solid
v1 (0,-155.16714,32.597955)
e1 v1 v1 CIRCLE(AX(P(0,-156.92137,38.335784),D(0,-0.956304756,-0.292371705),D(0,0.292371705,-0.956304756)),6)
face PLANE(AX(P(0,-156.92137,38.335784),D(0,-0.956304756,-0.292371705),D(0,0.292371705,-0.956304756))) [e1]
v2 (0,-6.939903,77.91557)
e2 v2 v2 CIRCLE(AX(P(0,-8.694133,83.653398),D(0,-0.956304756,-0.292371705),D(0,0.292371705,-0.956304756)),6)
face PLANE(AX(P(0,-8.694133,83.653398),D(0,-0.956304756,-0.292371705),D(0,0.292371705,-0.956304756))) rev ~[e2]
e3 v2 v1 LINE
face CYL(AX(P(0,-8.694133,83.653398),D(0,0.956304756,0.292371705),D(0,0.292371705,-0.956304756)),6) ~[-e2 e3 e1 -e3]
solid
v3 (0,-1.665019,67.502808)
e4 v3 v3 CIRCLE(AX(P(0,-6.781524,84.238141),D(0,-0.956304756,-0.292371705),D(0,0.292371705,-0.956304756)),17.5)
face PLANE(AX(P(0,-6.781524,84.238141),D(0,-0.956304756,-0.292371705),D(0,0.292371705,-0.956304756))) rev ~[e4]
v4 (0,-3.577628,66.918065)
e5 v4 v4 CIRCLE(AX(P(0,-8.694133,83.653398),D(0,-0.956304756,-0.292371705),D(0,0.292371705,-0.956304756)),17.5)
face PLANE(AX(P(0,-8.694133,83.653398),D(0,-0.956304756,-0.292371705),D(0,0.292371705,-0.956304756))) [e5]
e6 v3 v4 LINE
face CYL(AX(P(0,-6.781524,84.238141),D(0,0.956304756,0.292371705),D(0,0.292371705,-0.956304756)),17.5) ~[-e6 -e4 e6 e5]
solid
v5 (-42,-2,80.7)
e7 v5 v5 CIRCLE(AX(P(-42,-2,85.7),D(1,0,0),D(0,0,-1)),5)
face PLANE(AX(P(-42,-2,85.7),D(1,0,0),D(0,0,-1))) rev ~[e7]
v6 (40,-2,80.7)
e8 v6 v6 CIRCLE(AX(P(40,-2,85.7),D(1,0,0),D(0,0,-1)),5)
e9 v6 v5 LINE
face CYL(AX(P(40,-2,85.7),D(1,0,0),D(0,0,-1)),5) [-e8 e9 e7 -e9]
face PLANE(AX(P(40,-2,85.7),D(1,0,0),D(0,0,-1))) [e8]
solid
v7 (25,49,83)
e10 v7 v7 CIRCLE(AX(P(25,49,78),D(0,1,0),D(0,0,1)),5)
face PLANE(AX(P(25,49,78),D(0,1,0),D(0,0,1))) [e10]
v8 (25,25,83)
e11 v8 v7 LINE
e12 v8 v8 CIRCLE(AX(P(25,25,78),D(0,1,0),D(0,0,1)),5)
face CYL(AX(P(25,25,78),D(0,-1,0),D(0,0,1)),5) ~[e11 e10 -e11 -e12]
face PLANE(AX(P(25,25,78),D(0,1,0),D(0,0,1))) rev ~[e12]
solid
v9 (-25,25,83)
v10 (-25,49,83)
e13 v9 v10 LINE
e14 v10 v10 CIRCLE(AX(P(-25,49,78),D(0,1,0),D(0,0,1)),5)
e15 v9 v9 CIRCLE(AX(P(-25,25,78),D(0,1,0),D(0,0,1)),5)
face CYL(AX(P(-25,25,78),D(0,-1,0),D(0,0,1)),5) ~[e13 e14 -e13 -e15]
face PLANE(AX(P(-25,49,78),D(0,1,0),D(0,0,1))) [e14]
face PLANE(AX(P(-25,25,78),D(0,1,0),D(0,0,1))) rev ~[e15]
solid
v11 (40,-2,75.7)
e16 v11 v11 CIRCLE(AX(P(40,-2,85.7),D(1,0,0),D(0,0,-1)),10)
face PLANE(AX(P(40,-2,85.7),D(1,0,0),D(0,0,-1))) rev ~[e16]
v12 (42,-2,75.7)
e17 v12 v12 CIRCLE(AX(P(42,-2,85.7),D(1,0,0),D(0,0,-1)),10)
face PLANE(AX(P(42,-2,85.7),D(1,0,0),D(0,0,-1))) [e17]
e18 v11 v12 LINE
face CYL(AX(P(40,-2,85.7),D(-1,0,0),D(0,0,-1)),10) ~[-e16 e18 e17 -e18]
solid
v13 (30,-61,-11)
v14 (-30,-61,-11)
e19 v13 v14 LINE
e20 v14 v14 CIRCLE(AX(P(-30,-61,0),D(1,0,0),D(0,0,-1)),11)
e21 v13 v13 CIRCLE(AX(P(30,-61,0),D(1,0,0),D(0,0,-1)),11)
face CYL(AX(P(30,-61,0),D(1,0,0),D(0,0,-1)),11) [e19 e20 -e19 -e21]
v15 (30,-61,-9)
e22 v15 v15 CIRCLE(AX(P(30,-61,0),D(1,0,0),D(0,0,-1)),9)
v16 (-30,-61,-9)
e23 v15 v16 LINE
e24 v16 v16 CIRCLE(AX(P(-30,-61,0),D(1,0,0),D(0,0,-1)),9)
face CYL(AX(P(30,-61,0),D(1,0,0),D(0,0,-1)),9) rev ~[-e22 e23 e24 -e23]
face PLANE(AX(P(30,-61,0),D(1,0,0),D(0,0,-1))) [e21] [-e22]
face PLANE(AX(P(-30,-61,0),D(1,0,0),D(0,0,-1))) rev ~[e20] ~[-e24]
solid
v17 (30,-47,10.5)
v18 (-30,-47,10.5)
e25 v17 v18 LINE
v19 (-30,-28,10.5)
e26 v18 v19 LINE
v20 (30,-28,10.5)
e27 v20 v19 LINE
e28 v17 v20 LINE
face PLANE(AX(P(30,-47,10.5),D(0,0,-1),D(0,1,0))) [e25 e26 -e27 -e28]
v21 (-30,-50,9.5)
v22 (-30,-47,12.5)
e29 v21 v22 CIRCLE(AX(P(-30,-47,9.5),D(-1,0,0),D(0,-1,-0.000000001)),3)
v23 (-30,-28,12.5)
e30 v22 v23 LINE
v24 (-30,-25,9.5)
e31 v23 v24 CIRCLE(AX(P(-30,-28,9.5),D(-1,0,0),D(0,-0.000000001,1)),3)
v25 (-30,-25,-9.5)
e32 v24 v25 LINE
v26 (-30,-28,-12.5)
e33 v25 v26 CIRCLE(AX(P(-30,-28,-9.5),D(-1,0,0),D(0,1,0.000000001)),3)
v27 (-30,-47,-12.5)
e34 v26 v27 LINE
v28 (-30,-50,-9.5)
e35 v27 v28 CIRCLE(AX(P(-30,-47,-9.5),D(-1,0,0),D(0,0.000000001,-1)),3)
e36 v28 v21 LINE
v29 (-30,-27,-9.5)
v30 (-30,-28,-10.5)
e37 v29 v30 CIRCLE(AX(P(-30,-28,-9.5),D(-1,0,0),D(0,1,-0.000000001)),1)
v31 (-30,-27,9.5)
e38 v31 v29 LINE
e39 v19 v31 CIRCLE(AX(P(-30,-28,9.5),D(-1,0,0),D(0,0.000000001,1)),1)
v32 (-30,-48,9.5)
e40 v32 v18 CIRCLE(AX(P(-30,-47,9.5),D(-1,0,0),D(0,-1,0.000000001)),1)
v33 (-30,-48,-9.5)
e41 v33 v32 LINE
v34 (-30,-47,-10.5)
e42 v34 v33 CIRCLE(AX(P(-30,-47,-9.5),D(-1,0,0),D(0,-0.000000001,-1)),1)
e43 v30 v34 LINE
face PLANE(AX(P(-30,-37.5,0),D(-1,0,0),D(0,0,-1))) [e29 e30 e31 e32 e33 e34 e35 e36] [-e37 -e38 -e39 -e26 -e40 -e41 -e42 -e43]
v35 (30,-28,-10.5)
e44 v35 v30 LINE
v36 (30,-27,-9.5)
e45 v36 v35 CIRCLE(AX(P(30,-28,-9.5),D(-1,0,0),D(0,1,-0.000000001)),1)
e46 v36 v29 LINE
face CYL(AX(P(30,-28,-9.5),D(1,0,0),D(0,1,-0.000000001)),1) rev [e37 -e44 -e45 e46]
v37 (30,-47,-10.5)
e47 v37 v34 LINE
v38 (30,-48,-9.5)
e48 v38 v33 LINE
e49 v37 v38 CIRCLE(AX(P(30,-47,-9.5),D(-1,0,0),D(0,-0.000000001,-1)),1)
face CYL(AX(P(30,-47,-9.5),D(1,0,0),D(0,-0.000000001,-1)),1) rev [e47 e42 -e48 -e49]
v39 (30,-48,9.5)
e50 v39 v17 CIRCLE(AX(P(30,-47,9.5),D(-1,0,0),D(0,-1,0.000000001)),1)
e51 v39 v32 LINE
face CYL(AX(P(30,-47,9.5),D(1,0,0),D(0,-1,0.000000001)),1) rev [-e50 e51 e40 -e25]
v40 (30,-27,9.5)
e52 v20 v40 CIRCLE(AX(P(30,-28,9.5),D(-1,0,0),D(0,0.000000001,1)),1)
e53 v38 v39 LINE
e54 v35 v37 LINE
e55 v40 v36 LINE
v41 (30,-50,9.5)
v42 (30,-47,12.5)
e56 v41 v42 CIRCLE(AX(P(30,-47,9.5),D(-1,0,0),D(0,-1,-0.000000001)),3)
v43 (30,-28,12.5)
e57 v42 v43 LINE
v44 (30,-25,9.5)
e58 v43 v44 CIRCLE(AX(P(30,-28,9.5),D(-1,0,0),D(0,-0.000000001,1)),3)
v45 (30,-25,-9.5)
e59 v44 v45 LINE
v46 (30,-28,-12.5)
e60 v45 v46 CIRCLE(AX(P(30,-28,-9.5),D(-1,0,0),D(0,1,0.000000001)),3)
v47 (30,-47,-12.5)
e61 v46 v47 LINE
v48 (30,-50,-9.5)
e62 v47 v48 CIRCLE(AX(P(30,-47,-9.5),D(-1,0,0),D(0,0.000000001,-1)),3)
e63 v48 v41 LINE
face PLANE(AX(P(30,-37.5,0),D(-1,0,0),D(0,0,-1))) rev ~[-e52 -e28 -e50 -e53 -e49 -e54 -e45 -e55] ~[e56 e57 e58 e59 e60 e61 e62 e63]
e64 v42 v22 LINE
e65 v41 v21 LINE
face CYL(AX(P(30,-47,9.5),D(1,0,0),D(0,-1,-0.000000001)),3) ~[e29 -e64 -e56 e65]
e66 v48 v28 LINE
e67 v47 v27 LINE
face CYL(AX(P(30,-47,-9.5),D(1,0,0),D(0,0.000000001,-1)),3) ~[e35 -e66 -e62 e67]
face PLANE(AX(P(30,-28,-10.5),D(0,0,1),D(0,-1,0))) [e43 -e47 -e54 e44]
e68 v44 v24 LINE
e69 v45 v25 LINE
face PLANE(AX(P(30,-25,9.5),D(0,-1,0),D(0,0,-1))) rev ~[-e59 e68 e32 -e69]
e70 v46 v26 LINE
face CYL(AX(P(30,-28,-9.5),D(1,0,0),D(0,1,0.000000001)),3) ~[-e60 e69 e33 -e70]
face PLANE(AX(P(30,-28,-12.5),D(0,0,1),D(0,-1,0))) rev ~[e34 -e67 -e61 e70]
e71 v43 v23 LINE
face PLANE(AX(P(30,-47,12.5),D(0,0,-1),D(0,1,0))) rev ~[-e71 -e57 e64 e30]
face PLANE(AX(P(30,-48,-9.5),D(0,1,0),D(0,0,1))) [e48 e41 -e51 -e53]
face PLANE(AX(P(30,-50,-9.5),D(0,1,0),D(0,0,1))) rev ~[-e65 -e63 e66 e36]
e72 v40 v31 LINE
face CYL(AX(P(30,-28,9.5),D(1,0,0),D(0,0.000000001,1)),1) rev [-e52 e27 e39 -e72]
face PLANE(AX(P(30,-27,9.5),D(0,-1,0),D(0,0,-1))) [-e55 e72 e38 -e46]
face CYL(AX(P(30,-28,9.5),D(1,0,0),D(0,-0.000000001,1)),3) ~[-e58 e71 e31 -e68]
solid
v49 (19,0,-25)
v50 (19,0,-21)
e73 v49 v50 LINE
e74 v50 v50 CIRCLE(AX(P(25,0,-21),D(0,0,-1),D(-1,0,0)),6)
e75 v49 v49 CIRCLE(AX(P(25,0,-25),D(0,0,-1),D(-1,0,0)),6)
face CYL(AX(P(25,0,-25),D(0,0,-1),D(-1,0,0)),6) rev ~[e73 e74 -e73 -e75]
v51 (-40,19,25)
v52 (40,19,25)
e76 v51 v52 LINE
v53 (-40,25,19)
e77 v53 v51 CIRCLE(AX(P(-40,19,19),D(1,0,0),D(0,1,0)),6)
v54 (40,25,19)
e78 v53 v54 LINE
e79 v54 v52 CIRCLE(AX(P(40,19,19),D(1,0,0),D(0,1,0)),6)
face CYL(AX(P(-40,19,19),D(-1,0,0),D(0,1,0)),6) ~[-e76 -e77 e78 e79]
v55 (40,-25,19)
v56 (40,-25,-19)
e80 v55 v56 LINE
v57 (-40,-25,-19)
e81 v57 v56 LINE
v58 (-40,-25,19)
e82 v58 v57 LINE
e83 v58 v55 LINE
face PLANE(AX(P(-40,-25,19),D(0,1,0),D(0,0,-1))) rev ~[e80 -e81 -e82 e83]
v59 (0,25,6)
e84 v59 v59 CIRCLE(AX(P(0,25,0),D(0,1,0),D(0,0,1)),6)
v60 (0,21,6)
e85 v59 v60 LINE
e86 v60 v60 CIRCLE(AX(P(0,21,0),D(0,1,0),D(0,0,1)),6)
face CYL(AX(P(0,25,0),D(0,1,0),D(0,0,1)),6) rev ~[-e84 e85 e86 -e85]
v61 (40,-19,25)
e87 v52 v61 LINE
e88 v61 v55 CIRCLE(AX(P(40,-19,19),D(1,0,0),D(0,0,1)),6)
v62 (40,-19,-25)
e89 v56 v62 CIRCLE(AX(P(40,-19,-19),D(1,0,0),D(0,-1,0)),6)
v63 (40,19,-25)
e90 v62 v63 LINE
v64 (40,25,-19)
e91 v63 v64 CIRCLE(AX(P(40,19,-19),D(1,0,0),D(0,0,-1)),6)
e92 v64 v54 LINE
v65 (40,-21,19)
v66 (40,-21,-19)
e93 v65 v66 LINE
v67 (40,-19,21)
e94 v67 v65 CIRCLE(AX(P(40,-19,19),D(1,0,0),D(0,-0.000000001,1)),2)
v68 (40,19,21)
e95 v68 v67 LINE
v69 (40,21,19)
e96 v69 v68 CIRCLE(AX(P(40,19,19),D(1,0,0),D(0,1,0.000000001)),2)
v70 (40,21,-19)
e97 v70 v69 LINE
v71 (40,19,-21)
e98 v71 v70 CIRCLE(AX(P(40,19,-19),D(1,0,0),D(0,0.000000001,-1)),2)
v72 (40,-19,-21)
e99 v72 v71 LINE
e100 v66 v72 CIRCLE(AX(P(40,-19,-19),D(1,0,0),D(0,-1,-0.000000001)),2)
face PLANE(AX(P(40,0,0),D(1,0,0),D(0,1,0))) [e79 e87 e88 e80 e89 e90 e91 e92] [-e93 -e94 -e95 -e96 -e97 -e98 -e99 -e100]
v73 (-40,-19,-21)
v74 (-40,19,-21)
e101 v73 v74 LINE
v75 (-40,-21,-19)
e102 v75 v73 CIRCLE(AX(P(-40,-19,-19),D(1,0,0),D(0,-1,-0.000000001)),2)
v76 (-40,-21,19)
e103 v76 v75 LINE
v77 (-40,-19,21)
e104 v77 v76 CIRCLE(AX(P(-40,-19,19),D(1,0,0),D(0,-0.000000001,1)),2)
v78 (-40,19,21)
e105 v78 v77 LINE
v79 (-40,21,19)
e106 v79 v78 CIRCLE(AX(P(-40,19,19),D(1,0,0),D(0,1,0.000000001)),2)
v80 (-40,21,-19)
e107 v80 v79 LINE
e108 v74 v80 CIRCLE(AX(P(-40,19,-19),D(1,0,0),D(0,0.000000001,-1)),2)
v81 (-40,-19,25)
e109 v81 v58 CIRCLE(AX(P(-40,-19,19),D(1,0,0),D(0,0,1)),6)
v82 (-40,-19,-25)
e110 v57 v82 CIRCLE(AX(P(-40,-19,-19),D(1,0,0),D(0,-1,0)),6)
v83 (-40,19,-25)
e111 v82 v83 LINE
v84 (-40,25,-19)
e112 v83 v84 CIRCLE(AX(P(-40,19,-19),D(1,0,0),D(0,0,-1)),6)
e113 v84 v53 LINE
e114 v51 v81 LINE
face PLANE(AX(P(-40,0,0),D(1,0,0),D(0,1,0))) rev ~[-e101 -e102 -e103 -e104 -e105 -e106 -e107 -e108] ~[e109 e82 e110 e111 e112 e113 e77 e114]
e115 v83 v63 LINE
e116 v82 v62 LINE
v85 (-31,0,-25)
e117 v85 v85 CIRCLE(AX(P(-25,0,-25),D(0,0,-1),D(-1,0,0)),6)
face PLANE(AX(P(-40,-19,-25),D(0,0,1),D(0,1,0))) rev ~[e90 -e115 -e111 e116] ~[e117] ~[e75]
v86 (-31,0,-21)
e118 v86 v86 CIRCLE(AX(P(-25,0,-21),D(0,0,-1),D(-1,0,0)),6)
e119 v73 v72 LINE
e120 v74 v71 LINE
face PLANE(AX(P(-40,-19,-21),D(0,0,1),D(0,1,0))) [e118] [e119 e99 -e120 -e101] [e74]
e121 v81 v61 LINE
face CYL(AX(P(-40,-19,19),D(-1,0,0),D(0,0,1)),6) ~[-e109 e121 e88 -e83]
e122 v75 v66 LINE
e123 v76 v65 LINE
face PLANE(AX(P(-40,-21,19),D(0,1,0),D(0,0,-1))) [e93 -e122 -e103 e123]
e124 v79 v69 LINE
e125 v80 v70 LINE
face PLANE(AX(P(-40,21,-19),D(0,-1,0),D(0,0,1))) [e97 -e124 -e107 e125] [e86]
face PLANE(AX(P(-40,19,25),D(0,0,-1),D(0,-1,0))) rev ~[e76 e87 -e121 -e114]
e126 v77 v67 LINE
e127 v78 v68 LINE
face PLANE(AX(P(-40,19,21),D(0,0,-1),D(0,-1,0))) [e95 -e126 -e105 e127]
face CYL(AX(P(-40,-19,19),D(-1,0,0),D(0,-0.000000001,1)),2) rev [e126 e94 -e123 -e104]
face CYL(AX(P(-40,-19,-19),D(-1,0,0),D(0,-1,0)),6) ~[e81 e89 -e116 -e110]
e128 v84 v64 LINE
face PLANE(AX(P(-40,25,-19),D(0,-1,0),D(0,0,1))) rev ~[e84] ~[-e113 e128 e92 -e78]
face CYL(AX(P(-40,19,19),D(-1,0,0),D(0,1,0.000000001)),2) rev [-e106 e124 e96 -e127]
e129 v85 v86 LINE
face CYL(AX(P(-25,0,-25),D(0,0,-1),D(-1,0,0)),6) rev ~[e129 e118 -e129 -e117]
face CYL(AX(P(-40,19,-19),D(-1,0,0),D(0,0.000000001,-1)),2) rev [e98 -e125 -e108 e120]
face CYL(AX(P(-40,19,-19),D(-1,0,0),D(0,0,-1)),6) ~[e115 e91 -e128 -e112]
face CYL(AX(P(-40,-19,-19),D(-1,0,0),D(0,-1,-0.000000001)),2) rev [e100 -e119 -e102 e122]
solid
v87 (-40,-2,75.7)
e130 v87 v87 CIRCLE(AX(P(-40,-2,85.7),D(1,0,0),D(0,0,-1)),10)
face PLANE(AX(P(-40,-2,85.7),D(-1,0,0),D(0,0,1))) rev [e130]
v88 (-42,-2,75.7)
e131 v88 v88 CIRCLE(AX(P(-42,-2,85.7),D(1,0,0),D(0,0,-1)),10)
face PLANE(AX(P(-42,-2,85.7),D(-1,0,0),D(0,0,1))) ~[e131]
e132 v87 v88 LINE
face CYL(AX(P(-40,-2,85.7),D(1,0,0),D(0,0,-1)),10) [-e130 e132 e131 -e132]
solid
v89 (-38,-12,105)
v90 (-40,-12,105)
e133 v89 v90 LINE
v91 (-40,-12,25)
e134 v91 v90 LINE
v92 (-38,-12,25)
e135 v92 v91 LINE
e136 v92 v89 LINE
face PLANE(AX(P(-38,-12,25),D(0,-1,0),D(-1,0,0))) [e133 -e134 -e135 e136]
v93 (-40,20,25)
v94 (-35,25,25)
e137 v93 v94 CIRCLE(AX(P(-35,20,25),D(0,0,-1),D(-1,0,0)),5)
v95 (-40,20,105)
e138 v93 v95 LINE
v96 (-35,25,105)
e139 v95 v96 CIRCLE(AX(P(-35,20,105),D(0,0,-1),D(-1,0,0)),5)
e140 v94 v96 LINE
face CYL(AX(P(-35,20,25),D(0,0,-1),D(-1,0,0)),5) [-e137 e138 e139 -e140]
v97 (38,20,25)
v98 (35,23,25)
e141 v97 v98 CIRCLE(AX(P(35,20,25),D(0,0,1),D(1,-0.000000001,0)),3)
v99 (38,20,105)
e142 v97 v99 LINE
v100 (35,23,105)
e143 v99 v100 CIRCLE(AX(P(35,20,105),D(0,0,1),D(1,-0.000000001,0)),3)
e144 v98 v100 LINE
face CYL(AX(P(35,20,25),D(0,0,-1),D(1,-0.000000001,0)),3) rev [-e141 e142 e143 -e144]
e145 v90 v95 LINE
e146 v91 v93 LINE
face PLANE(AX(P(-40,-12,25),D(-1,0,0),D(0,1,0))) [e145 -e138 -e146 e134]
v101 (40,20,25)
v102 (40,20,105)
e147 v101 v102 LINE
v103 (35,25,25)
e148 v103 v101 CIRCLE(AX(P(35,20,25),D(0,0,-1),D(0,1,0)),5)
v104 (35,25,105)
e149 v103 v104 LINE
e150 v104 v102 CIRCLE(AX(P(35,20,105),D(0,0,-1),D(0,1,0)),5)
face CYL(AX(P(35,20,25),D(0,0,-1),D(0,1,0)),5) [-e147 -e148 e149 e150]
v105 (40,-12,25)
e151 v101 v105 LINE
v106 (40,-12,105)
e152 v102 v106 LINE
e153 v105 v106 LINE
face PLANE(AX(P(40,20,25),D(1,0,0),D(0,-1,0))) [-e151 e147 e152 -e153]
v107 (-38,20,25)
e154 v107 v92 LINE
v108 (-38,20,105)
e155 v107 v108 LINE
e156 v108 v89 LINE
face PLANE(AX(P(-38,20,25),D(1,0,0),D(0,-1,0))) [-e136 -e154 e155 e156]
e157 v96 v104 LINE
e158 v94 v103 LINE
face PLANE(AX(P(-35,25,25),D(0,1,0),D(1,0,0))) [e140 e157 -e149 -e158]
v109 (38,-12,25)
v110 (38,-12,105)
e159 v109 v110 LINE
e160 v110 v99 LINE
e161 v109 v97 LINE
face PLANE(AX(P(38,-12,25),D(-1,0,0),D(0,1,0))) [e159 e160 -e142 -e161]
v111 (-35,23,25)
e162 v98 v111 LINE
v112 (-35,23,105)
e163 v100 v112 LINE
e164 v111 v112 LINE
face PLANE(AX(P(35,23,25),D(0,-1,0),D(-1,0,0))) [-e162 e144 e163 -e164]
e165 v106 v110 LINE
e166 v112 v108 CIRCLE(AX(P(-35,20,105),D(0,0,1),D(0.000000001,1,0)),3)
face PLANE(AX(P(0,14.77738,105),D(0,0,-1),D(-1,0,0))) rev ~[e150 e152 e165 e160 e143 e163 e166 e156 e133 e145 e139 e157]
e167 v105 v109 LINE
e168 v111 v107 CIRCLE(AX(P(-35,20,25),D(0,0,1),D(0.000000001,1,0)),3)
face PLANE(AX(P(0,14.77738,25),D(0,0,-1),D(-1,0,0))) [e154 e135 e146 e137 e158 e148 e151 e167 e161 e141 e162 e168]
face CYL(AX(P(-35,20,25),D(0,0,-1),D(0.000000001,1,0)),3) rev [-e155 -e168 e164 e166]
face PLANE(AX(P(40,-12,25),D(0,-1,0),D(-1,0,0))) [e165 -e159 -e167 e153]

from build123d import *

# Parameters (mm, degrees)
BXBXS_8639_82_50_X_50_X_4_1_DEPTH = 80
EXTRUDE_1_DEPTH                   = 80
BXBXS_8639_82_25_X_25_X_2_1_DEPTH = 60
SKETCH_6_R                        = 11
SKETCH_6_R_2                      = 9
EXTRUDE_2_DEPTH                   = 60
SKETCH_7_R                        = 10
SKETCH_7_R_2                      = 5
EXTRUDE_3_DEPTH                   = 2
SKETCH_7_3_R                      = 5
EXTRUDE_4_DEPTH                   = 82
SKETCH_8_R                        = 17.5
EXTRUDE_5_DEPTH                   = 2
SKETCH_9_R                        = 5
EXTRUDE_6_DEPTH                   = 24
EXTRUDE_6_2_DEPTH                 = 24
SKETCH_10_R                       = 6
CUT_EXTRUDE_1_DEPTH               = 4
SKETCH_11_R                       = 6
CUT_EXTRUDE_2_DEPTH               = 4
SKETCH_12_R                       = 6
EXTRUDE_7_DEPTH                   = 155


with BuildPart() as part:
    # Sketch1 → Труба bxbxs гост8639-82 50 X 50 X 4(1) (new body)
    with BuildSketch(Plane.YZ.offset(-40)):
        with BuildLine():
            Line((-19, -25), (19, -25))
            ThreePointArc((19, -25), (23.242640687, -23.242640687), (25, -19))
            Line((25, -19), (25, 19))
            ThreePointArc((25, 19), (23.242640687, 23.242640687), (19, 25))
            Line((19, 25), (-19, 25))
            ThreePointArc((-19, 25), (-23.242640687, 23.242640687), (-25, 19))
            Line((-25, 19), (-25, -19))
            ThreePointArc((-25, -19), (-23.242640687, -23.242640687), (-19, -25))
        make_face()
        with BuildLine():
            Line((-19, -21), (19, -21))
            ThreePointArc((19, -21), (20.414213562, -20.414213562), (21, -19))
            Line((21, -19), (21, 19))
            ThreePointArc((21, 19), (20.414213562, 20.414213562), (19, 21))
            Line((19, 21), (-19, 21))
            ThreePointArc((-19, 21), (-20.414213562, 20.414213562), (-21, 19))
            Line((-21, 19), (-21, -19))
            ThreePointArc((-21, -19), (-20.414213562, -20.414213562), (-19, -21))
        make_face(mode=Mode.SUBTRACT)
    extrude(amount=BXBXS_8639_82_50_X_50_X_4_1_DEPTH)

    # Эскиз10 → Вырез-Вытянуть1 (cut)
    with BuildSketch(Plane(origin=(0, 25, 0), x_dir=(1, 0, 0), z_dir=(0, 1, 0))):
        with Locations(Location((0, 0, 0), (0, 0, 270))):
            Circle(SKETCH_10_R)
    extrude(amount=-CUT_EXTRUDE_1_DEPTH, mode=Mode.SUBTRACT)

    # Эскиз11 → Вырез-Вытянуть2 (cut)
    with BuildSketch(Plane(origin=(0, 0, -25), x_dir=(-1, 0, 0), z_dir=(0, 0, -1))):
        with Locations((25, 0)):
            Circle(SKETCH_11_R)
        with Locations((-25, 0)):
            Circle(SKETCH_11_R)
    extrude(amount=-CUT_EXTRUDE_2_DEPTH, mode=Mode.SUBTRACT)


with BuildPart() as body_2:
    # Эскиз3 → Бобышка-Вытянуть1 (new body)
    with BuildSketch(Plane.XY.offset(25)):
        with BuildLine():
            Line((-40, -12), (-40, 20))
            ThreePointArc((-40, 20), (-38.535533906, 23.535533906), (-35, 25))
            Line((-35, 25), (35, 25))
            ThreePointArc((35, 25), (38.535533906, 23.535533906), (40, 20))
            Line((40, 20), (40, -12))
            Line((40, -12), (38, -12))
            Line((38, -12), (38, 20))
            ThreePointArc((38, 20), (37.121320344, 22.121320344), (35, 23))
            Line((35, 23), (-35, 23))
            ThreePointArc((-35, 23), (-37.121320344, 22.121320344), (-38, 20))
            Line((-38, 20), (-38, -12))
            Line((-38, -12), (-40, -12))
        make_face()
    extrude(amount=EXTRUDE_1_DEPTH)


with BuildPart() as body_3:
    # Sketch11 → Труба bxbxs гост8639-82 25 X 25 X 2(1) (new body)
    with BuildSketch(Plane(origin=(30, -37.5, 0), x_dir=(0, 0, -1), z_dir=(-1, 0, 0))):
        with BuildLine():
            Line((-9.5, -12.5), (9.5, -12.5))
            ThreePointArc((9.5, -12.5), (11.621320344, -11.621320344), (12.5, -9.5))
            Line((12.5, -9.5), (12.5, 9.5))
            ThreePointArc((12.5, 9.5), (11.621320344, 11.621320344), (9.5, 12.5))
            Line((9.5, 12.5), (-9.5, 12.5))
            ThreePointArc((-9.5, 12.5), (-11.621320344, 11.621320344), (-12.5, 9.5))
            Line((-12.5, 9.5), (-12.5, -9.5))
            ThreePointArc((-12.5, -9.5), (-11.621320344, -11.621320344), (-9.5, -12.5))
        make_face()
        with BuildLine():
            Line((-9.5, -10.5), (9.5, -10.5))
            ThreePointArc((9.5, -10.5), (10.207106781, -10.207106781), (10.5, -9.5))
            Line((10.5, -9.5), (10.5, 9.5))
            ThreePointArc((10.5, 9.5), (10.207106781, 10.207106781), (9.5, 10.5))
            Line((9.5, 10.5), (-9.5, 10.5))
            ThreePointArc((-9.5, 10.5), (-10.207106781, 10.207106781), (-10.5, 9.5))
            Line((-10.5, 9.5), (-10.5, -9.5))
            ThreePointArc((-10.5, -9.5), (-10.207106781, -10.207106781), (-9.5, -10.5))
        make_face(mode=Mode.SUBTRACT)
    extrude(amount=BXBXS_8639_82_25_X_25_X_2_1_DEPTH)


with BuildPart() as body_4:
    # Эскиз6 → Бобышка-Вытянуть2 (new body)
    with BuildSketch(Plane(origin=(30, 0, 0), x_dir=(0, 0, -1), z_dir=(1, 0, 0))):
        with Locations((0, -61)):
            Circle(SKETCH_6_R)
        with Locations((0, -61)):
            Circle(SKETCH_6_R_2, mode=Mode.SUBTRACT)
    extrude(amount=-EXTRUDE_2_DEPTH)


with BuildPart() as body_5:
    # Эскиз7 → Бобышка-Вытянуть3 (new body)
    # profile 1 of 2: a face of its own
    with BuildSketch(Plane(origin=(40, 0, 0), x_dir=(0, 0, -1), z_dir=(1, 0, 0))):
        with Locations((-85.7, -2)):
            Circle(SKETCH_7_R)
        with Locations((-85.7, -2)):
            Circle(SKETCH_7_R_2, mode=Mode.SUBTRACT)
    # profile 2 of 2: a face of its own
    with BuildSketch(Plane(origin=(40, 0, 0), x_dir=(0, 0, -1), z_dir=(1, 0, 0))):
        with Locations((-85.7, -2)):
            Circle(SKETCH_7_R_2)
    extrude(amount=EXTRUDE_3_DEPTH)


with BuildPart() as body_6:
    # Зеркальное отражение1: mirrored copy
    add(body_5.part.mirror(Plane(origin=(0, 0, 0), x_dir=(0, 0, 1), z_dir=(1, 0, 0))))


with BuildPart() as body_7:
    # Эскиз7<3> → Бобышка-Вытянуть4 (new body)
    with BuildSketch(Plane(origin=(40, 0, 0), x_dir=(0, 0, -1), z_dir=(1, 0, 0))):
        with Locations((-85.7, -2)):
            Circle(SKETCH_7_3_R)
    extrude(amount=-EXTRUDE_4_DEPTH)


with BuildPart() as body_8:
    # Эскиз8 → Бобышка-Вытянуть5 (new body)
    with BuildSketch(Plane(origin=(0, 17.350854561, 5.304688589), x_dir=(1, 0, 0), z_dir=(0, -0.9563047559630353, -0.2923717047227373))):
        with Locations(Location((0, 82.540060995, 0), (0, 0, 270))):
            Circle(SKETCH_8_R)
    extrude(amount=EXTRUDE_5_DEPTH)


with BuildPart() as body_9:
    # Эскиз9 → Бобышка-Вытянуть6 (new body)
    with BuildSketch(Plane(origin=(0, 25, 0), x_dir=(1, 0, 0), z_dir=(0, 1, 0))):
        with Locations(Location((-25, -78, 0), (0, 0, 270))):
            Circle(SKETCH_9_R)
    extrude(amount=EXTRUDE_6_DEPTH)


with BuildPart() as body_10:
    # Эскиз9 → Extrude 6 2 (new body)
    with BuildSketch(Plane(origin=(0, 25, 0), x_dir=(1, 0, 0), z_dir=(0, 1, 0))):
        with Locations(Location((25, -78, 0), (0, 0, 270))):
            Circle(SKETCH_9_R)
    extrude(amount=EXTRUDE_6_2_DEPTH)


with BuildPart() as body_11:
    # Эскиз12 → Бобышка-Вытянуть7 (new body)
    with BuildSketch(Plane(origin=(0, 15.438245049, 4.719945179), x_dir=(1, 0, 0), z_dir=(0, -0.9563047559630353, -0.2923717047227373))):
        with Locations(Location((0, 82.540060995, 0), (0, 0, 270))):
            Circle(SKETCH_12_R)
    extrude(amount=EXTRUDE_7_DEPTH)


solid = Compound([part.part, body_2.part, body_3.part, body_4.part, body_5.part, body_6.part, body_7.part, body_8.part, body_9.part, body_10.part, body_11.part])
